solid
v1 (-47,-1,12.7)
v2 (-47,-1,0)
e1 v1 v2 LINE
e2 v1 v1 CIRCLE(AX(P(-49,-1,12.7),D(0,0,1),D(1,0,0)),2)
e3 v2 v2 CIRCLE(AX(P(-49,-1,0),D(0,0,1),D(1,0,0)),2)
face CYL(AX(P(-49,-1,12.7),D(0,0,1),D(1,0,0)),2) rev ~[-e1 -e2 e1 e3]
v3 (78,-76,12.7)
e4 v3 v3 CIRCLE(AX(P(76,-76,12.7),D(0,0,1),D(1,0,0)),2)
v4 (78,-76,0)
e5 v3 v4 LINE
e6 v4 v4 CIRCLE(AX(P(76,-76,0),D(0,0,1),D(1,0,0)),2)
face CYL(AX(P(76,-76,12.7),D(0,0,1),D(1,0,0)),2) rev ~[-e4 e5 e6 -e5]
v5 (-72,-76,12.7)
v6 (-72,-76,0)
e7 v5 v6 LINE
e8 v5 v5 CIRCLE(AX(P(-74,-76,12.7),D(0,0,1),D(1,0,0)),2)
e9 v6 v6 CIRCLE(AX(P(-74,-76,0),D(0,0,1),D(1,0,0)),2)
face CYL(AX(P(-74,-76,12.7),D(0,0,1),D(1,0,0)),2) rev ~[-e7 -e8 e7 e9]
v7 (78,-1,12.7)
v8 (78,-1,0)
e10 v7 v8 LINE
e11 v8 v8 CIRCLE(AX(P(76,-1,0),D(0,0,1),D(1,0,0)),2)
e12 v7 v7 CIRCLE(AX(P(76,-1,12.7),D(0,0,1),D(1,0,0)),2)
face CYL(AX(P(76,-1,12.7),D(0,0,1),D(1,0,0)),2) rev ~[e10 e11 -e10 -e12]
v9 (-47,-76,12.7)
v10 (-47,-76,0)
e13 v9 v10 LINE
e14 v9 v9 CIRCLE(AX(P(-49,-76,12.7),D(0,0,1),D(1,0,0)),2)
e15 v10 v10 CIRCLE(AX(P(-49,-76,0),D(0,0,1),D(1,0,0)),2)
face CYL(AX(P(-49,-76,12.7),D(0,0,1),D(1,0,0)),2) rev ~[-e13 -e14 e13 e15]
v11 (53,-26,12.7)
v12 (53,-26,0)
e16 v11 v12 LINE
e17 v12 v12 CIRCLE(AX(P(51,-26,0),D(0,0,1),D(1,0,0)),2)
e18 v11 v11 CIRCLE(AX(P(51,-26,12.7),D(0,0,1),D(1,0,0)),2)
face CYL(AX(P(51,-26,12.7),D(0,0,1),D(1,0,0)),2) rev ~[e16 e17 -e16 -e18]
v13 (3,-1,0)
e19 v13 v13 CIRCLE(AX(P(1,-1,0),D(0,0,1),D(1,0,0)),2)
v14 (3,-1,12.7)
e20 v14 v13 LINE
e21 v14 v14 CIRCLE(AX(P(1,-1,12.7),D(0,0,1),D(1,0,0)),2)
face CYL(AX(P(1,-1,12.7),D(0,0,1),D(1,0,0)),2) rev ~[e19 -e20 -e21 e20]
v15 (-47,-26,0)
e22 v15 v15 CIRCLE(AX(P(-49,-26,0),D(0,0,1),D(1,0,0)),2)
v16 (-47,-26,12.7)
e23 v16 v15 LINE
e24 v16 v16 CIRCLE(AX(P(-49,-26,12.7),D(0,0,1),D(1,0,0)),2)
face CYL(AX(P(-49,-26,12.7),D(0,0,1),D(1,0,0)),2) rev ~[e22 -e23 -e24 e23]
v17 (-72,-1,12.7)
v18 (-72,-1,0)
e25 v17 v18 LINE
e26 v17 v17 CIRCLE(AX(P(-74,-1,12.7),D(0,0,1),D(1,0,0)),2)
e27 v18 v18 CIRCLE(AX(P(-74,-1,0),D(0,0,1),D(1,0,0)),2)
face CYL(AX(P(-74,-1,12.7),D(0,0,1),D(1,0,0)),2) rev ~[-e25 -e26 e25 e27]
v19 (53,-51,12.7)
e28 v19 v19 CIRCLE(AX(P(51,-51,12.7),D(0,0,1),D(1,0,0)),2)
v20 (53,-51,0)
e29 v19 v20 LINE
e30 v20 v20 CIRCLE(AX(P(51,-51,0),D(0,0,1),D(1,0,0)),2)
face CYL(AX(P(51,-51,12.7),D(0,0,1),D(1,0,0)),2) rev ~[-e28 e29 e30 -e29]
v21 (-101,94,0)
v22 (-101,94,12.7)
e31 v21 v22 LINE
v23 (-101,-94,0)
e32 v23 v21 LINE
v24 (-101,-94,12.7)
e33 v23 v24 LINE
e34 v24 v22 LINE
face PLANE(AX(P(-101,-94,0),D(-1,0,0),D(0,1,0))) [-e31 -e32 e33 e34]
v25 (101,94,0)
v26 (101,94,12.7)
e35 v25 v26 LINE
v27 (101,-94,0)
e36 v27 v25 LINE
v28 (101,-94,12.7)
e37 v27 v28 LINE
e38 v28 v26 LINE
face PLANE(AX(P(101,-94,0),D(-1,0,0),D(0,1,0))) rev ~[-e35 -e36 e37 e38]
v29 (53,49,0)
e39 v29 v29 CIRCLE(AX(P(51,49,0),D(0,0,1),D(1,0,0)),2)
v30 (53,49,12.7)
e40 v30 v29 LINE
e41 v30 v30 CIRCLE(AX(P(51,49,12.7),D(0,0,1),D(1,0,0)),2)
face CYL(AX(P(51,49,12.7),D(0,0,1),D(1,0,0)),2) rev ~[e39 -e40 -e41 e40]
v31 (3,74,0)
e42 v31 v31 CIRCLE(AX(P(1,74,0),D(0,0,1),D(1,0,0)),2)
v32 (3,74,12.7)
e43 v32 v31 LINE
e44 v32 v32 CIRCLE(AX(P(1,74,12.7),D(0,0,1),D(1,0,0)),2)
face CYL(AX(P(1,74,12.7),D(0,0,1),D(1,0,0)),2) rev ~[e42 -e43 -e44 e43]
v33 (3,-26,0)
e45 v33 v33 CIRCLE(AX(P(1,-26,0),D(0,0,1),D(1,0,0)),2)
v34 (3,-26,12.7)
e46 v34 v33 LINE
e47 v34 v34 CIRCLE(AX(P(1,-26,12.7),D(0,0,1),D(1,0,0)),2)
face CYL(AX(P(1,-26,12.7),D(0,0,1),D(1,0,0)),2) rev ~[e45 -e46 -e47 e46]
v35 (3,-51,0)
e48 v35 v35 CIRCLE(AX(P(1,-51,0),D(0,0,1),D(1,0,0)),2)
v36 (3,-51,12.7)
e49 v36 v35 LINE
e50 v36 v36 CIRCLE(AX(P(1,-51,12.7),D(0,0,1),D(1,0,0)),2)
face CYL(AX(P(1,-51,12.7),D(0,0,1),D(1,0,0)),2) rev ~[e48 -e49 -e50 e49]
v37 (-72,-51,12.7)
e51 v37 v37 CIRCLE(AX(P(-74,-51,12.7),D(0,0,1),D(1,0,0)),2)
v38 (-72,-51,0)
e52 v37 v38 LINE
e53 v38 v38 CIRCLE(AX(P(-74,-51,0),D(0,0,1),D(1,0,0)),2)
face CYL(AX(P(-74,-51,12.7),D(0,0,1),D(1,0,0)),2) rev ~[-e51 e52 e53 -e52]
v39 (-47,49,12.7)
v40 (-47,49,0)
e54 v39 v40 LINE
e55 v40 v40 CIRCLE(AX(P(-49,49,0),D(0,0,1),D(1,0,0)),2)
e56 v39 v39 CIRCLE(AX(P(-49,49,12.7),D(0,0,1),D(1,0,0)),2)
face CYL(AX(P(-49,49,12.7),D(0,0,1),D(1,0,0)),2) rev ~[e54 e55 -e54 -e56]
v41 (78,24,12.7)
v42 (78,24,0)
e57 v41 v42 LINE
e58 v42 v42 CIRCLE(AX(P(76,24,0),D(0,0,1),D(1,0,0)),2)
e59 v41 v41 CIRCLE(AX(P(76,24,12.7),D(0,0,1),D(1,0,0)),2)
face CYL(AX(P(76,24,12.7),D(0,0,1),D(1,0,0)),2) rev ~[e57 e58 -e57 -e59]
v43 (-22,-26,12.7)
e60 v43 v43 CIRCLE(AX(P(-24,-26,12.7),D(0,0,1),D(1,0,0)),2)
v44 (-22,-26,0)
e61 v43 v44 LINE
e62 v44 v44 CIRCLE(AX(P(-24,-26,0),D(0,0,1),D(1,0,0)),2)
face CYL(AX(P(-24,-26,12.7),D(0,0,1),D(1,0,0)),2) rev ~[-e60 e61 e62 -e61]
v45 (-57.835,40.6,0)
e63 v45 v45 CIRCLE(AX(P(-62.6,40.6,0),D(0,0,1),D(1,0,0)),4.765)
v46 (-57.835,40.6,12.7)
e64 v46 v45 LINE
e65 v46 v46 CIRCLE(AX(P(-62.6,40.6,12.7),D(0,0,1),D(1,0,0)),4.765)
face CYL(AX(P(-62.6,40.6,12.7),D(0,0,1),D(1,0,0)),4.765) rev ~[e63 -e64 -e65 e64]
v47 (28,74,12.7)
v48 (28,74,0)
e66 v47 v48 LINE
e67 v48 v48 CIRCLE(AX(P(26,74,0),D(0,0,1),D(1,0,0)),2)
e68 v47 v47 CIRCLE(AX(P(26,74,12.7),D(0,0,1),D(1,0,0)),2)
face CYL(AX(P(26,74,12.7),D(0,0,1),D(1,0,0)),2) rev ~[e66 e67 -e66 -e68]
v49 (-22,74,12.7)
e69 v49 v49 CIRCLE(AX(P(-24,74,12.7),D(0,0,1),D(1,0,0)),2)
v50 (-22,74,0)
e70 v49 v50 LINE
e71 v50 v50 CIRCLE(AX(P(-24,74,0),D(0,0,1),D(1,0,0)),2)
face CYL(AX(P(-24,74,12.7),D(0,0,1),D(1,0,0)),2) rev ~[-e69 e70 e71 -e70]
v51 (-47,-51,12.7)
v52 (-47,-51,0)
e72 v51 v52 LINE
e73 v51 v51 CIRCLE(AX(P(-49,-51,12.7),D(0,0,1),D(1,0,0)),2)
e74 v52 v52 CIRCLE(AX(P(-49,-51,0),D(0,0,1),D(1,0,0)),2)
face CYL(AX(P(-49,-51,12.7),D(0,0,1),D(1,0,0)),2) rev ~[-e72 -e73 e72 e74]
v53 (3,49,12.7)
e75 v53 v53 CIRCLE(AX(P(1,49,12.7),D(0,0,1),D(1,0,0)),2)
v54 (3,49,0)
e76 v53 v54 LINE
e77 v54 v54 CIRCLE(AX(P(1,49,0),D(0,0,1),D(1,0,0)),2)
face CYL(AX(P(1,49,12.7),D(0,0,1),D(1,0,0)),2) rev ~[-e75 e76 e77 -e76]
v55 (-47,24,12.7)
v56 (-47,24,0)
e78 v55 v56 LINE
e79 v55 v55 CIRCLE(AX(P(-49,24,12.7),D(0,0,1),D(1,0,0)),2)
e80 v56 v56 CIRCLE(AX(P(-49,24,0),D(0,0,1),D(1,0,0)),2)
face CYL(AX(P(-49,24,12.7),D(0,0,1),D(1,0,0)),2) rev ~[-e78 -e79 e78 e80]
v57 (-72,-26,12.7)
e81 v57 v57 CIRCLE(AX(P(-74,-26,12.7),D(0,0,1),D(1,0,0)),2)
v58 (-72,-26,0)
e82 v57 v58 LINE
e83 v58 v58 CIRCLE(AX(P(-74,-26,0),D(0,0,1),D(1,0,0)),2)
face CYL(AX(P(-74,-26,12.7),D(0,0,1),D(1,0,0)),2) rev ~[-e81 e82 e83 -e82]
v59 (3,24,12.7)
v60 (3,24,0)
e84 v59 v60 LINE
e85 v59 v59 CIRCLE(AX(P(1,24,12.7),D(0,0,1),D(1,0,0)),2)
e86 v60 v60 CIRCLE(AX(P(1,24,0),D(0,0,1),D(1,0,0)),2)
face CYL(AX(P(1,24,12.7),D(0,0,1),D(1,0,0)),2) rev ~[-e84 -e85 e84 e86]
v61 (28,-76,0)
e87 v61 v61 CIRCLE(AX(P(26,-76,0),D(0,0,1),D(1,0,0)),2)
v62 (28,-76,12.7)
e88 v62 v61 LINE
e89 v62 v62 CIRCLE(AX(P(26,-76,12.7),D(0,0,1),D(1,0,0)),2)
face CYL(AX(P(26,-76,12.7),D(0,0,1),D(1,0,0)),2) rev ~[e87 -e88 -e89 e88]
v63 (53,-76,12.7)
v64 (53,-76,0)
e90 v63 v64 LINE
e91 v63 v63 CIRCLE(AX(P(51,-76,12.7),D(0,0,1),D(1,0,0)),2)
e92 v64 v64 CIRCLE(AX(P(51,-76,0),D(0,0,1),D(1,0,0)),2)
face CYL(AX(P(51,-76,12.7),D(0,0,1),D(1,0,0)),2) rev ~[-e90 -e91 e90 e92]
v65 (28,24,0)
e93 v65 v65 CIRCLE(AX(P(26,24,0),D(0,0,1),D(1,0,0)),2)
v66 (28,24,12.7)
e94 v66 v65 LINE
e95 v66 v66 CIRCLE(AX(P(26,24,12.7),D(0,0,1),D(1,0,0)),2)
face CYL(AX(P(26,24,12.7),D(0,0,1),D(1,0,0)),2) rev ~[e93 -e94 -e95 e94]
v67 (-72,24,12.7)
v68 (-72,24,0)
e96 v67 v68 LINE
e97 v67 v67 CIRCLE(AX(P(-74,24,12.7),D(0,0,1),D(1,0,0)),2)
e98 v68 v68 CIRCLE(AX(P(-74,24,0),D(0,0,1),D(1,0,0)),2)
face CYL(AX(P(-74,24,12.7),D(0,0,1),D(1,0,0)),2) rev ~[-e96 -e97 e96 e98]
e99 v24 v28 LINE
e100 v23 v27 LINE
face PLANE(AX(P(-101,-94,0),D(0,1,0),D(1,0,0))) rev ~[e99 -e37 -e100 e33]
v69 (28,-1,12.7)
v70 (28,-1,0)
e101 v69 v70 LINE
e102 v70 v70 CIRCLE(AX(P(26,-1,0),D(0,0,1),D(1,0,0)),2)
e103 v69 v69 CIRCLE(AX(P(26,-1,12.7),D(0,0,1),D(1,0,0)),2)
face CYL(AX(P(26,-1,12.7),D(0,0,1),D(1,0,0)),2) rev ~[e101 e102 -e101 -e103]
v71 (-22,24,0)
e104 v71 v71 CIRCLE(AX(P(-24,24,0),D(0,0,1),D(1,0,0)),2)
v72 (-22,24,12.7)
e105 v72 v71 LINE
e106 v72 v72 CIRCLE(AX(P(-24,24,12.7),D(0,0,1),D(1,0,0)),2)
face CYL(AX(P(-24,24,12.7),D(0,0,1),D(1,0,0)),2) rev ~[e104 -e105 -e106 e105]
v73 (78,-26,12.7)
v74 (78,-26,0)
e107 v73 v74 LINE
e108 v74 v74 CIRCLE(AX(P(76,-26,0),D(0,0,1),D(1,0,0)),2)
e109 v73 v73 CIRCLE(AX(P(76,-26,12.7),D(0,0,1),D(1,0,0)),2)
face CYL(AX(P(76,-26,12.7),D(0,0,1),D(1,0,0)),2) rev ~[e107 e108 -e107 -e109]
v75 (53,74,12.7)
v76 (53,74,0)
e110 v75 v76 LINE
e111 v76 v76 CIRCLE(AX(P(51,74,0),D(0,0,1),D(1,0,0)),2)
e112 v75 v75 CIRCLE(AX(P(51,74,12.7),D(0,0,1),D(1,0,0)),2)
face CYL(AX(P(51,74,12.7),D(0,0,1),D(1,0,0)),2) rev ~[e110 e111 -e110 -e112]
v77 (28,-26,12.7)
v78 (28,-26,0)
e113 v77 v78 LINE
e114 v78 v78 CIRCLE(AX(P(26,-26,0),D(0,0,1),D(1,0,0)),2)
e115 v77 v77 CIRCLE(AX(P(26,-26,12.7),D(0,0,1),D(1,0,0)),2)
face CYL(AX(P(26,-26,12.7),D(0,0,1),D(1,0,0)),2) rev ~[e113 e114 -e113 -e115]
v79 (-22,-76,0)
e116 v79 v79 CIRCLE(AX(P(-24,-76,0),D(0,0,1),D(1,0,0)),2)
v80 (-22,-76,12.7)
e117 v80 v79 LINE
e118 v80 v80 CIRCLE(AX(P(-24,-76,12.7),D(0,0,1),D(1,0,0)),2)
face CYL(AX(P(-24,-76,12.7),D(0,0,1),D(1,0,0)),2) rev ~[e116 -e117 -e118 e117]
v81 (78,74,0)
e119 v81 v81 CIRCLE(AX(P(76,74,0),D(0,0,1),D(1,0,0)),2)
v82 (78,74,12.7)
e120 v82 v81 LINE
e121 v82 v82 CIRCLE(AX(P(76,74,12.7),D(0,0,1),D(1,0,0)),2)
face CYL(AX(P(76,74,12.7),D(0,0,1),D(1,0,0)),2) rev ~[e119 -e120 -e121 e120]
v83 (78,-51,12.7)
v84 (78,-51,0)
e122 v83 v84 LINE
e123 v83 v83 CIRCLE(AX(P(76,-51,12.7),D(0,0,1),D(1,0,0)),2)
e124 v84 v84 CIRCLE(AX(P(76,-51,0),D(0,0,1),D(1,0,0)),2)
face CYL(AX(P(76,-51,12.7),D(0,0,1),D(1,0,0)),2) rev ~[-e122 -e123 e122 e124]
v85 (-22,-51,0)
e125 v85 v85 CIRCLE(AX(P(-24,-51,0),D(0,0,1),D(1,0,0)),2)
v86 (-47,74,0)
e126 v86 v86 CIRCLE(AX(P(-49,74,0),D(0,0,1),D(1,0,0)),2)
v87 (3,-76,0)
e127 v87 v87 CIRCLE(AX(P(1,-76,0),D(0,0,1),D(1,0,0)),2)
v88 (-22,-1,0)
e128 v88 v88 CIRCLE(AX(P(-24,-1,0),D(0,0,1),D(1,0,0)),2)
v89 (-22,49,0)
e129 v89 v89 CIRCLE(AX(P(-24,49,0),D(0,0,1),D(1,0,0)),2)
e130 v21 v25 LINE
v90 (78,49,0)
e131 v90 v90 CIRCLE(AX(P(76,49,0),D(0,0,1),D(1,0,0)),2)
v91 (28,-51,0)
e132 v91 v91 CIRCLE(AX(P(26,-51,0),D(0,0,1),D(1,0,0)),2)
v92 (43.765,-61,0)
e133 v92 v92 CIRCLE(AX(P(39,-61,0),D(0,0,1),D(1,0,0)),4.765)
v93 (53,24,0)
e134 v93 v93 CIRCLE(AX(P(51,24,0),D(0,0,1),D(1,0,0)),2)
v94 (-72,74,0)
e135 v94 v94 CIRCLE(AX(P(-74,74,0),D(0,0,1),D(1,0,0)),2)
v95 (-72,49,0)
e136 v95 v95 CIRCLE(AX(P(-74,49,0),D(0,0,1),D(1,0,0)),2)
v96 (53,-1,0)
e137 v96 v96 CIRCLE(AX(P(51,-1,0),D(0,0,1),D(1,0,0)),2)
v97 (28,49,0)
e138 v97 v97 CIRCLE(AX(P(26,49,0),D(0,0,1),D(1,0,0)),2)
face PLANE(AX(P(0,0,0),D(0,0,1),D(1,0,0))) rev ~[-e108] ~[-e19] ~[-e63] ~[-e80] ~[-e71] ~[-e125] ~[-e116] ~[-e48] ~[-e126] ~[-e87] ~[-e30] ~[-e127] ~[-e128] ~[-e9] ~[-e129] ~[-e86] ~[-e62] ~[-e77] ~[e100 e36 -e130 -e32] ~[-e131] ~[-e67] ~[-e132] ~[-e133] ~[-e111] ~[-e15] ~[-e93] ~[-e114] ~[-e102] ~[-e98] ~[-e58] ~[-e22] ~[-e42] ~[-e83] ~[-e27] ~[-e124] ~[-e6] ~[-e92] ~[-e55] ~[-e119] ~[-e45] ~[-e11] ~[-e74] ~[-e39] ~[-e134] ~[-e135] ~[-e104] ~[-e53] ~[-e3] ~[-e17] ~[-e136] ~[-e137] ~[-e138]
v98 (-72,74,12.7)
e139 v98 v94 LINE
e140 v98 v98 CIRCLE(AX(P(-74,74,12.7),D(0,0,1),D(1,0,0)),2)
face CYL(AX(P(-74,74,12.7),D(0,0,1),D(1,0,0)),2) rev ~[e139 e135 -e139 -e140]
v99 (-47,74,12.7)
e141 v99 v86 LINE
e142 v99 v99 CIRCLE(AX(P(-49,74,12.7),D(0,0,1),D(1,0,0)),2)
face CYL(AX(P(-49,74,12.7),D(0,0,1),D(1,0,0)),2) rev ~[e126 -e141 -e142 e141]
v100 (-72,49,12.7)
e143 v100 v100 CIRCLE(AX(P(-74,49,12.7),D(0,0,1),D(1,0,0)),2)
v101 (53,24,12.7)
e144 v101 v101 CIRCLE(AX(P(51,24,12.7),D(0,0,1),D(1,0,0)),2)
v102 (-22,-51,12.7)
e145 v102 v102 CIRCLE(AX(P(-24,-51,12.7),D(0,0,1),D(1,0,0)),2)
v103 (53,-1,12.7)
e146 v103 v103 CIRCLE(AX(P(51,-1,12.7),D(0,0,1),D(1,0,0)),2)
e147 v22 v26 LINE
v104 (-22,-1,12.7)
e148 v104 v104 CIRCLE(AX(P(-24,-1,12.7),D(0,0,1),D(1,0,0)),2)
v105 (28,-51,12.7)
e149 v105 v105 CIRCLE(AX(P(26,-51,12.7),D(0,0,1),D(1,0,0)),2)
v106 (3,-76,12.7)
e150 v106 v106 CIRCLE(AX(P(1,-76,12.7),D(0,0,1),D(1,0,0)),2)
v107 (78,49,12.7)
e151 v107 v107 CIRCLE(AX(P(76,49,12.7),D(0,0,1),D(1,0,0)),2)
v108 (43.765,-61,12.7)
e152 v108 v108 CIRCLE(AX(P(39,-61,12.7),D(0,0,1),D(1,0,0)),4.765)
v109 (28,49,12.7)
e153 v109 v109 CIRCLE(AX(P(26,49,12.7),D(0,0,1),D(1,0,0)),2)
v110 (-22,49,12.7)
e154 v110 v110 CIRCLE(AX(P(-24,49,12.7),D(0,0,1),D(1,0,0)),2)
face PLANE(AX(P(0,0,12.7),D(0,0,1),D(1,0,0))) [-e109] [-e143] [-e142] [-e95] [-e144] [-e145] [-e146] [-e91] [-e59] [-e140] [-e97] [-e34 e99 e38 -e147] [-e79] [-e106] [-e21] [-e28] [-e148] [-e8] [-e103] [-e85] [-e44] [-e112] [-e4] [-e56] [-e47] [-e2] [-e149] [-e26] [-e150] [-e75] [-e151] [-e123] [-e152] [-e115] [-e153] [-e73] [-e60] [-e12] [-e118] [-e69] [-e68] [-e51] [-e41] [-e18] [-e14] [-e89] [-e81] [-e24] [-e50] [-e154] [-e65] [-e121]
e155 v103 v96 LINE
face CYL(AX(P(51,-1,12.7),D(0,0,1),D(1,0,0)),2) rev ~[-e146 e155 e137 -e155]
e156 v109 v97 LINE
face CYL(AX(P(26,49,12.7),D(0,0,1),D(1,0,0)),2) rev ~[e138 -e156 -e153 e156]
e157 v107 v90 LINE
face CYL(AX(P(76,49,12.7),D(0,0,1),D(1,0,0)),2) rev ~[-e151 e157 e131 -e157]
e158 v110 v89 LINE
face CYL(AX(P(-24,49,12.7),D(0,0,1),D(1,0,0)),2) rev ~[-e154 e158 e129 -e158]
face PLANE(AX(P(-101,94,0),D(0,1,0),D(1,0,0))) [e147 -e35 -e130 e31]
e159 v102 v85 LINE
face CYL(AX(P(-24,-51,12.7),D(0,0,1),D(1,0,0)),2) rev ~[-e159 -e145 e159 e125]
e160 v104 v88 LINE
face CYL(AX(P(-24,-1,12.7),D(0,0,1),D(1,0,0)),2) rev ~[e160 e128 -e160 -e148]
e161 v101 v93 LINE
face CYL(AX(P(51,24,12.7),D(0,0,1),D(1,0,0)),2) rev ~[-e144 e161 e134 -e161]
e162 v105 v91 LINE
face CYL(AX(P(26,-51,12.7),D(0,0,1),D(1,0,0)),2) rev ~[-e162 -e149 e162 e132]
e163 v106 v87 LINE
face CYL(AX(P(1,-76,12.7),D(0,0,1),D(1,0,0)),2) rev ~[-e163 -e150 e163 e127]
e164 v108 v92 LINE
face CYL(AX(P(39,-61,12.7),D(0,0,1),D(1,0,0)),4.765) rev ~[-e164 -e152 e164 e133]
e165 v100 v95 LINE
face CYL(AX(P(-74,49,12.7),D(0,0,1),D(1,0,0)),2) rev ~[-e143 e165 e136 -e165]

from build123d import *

# Parameters (mm, degrees)
CROQUIS1_W              = 202
CROQUIS1_H              = 188
SALIENTE_EXTRUIR1_DEPTH = 12.7
CROQUIS2_R              = 2
CROQUIS2_R_2            = 4.765
CORTAR_EXTRUIR1_DEPTH   = 12.7


with BuildPart() as part:
    # Croquis1 → Saliente-Extruir1 (new body)
    with BuildSketch(Plane.XY):
        Rectangle(CROQUIS1_W, CROQUIS1_H)
    extrude(amount=SALIENTE_EXTRUIR1_DEPTH)

    # Croquis2 → Cortar-Extruir1 (cut)
    with BuildSketch(Plane.XY.offset(12.7)):
        with Locations((-74, -76)):
            Circle(CROQUIS2_R)
        with Locations((-49, -76)):
            Circle(CROQUIS2_R)
        with Locations((-24, -76)):
            Circle(CROQUIS2_R)
        with Locations((1, -76)):
            Circle(CROQUIS2_R)
        with Locations((26, -76)):
            Circle(CROQUIS2_R)
        with Locations((51, -76)):
            Circle(CROQUIS2_R)
        with Locations((76, -76)):
            Circle(CROQUIS2_R)
        with Locations((-49, -51)):
            Circle(CROQUIS2_R)
        with Locations((-24, -51)):
            Circle(CROQUIS2_R)
        with Locations((1, -51)):
            Circle(CROQUIS2_R)
        with Locations((26, -51)):
            Circle(CROQUIS2_R)
        with Locations((51, -51)):
            Circle(CROQUIS2_R)
        with Locations((76, -51)):
            Circle(CROQUIS2_R)
        with Locations((-49, -26)):
            Circle(CROQUIS2_R)
        with Locations((-24, -26)):
            Circle(CROQUIS2_R)
        with Locations((1, -26)):
            Circle(CROQUIS2_R)
        with Locations((26, -26)):
            Circle(CROQUIS2_R)
        with Locations((51, -26)):
            Circle(CROQUIS2_R)
        with Locations((76, -26)):
            Circle(CROQUIS2_R)
        with Locations((-49, -1)):
            Circle(CROQUIS2_R)
        with Locations((-24, -1)):
            Circle(CROQUIS2_R)
        with Locations((1, -1)):
            Circle(CROQUIS2_R)
        with Locations((26, -1)):
            Circle(CROQUIS2_R)
        with Locations((51, -1)):
            Circle(CROQUIS2_R)
        with Locations((76, -1)):
            Circle(CROQUIS2_R)
        with Locations((-49, 24)):
            Circle(CROQUIS2_R)
        with Locations((-24, 24)):
            Circle(CROQUIS2_R)
        with Locations((1, 24)):
            Circle(CROQUIS2_R)
        with Locations((26, 24)):
            Circle(CROQUIS2_R)
        with Locations((51, 24)):
            Circle(CROQUIS2_R)
        with Locations((76, 24)):
            Circle(CROQUIS2_R)
        with Locations((-49, 49)):
            Circle(CROQUIS2_R)
        with Locations((-24, 49)):
            Circle(CROQUIS2_R)
        with Locations((1, 49)):
            Circle(CROQUIS2_R)
        with Locations((26, 49)):
            Circle(CROQUIS2_R)
        with Locations((51, 49)):
            Circle(CROQUIS2_R)
        with Locations((76, 49)):
            Circle(CROQUIS2_R)
        with Locations((-49, 74)):
            Circle(CROQUIS2_R)
        with Locations((-24, 74)):
            Circle(CROQUIS2_R)
        with Locations((1, 74)):
            Circle(CROQUIS2_R)
        with Locations((26, 74)):
            Circle(CROQUIS2_R)
        with Locations((51, 74)):
            Circle(CROQUIS2_R)
        with Locations((76, 74)):
            Circle(CROQUIS2_R)
        with Locations((-74, -51)):
            Circle(CROQUIS2_R)
        with Locations((-74, -26)):
            Circle(CROQUIS2_R)
        with Locations((-74, -1)):
            Circle(CROQUIS2_R)
        with Locations((-74, 24)):
            Circle(CROQUIS2_R)
        with Locations((-74, 49)):
            Circle(CROQUIS2_R)
        with Locations((-74, 74)):
            Circle(CROQUIS2_R)
        with Locations((39, -61)):
            Circle(CROQUIS2_R_2)
        with Locations((-62.6, 40.6)):
            Circle(CROQUIS2_R_2)
    extrude(amount=-CORTAR_EXTRUIR1_DEPTH, mode=Mode.SUBTRACT)


solid = part.part
